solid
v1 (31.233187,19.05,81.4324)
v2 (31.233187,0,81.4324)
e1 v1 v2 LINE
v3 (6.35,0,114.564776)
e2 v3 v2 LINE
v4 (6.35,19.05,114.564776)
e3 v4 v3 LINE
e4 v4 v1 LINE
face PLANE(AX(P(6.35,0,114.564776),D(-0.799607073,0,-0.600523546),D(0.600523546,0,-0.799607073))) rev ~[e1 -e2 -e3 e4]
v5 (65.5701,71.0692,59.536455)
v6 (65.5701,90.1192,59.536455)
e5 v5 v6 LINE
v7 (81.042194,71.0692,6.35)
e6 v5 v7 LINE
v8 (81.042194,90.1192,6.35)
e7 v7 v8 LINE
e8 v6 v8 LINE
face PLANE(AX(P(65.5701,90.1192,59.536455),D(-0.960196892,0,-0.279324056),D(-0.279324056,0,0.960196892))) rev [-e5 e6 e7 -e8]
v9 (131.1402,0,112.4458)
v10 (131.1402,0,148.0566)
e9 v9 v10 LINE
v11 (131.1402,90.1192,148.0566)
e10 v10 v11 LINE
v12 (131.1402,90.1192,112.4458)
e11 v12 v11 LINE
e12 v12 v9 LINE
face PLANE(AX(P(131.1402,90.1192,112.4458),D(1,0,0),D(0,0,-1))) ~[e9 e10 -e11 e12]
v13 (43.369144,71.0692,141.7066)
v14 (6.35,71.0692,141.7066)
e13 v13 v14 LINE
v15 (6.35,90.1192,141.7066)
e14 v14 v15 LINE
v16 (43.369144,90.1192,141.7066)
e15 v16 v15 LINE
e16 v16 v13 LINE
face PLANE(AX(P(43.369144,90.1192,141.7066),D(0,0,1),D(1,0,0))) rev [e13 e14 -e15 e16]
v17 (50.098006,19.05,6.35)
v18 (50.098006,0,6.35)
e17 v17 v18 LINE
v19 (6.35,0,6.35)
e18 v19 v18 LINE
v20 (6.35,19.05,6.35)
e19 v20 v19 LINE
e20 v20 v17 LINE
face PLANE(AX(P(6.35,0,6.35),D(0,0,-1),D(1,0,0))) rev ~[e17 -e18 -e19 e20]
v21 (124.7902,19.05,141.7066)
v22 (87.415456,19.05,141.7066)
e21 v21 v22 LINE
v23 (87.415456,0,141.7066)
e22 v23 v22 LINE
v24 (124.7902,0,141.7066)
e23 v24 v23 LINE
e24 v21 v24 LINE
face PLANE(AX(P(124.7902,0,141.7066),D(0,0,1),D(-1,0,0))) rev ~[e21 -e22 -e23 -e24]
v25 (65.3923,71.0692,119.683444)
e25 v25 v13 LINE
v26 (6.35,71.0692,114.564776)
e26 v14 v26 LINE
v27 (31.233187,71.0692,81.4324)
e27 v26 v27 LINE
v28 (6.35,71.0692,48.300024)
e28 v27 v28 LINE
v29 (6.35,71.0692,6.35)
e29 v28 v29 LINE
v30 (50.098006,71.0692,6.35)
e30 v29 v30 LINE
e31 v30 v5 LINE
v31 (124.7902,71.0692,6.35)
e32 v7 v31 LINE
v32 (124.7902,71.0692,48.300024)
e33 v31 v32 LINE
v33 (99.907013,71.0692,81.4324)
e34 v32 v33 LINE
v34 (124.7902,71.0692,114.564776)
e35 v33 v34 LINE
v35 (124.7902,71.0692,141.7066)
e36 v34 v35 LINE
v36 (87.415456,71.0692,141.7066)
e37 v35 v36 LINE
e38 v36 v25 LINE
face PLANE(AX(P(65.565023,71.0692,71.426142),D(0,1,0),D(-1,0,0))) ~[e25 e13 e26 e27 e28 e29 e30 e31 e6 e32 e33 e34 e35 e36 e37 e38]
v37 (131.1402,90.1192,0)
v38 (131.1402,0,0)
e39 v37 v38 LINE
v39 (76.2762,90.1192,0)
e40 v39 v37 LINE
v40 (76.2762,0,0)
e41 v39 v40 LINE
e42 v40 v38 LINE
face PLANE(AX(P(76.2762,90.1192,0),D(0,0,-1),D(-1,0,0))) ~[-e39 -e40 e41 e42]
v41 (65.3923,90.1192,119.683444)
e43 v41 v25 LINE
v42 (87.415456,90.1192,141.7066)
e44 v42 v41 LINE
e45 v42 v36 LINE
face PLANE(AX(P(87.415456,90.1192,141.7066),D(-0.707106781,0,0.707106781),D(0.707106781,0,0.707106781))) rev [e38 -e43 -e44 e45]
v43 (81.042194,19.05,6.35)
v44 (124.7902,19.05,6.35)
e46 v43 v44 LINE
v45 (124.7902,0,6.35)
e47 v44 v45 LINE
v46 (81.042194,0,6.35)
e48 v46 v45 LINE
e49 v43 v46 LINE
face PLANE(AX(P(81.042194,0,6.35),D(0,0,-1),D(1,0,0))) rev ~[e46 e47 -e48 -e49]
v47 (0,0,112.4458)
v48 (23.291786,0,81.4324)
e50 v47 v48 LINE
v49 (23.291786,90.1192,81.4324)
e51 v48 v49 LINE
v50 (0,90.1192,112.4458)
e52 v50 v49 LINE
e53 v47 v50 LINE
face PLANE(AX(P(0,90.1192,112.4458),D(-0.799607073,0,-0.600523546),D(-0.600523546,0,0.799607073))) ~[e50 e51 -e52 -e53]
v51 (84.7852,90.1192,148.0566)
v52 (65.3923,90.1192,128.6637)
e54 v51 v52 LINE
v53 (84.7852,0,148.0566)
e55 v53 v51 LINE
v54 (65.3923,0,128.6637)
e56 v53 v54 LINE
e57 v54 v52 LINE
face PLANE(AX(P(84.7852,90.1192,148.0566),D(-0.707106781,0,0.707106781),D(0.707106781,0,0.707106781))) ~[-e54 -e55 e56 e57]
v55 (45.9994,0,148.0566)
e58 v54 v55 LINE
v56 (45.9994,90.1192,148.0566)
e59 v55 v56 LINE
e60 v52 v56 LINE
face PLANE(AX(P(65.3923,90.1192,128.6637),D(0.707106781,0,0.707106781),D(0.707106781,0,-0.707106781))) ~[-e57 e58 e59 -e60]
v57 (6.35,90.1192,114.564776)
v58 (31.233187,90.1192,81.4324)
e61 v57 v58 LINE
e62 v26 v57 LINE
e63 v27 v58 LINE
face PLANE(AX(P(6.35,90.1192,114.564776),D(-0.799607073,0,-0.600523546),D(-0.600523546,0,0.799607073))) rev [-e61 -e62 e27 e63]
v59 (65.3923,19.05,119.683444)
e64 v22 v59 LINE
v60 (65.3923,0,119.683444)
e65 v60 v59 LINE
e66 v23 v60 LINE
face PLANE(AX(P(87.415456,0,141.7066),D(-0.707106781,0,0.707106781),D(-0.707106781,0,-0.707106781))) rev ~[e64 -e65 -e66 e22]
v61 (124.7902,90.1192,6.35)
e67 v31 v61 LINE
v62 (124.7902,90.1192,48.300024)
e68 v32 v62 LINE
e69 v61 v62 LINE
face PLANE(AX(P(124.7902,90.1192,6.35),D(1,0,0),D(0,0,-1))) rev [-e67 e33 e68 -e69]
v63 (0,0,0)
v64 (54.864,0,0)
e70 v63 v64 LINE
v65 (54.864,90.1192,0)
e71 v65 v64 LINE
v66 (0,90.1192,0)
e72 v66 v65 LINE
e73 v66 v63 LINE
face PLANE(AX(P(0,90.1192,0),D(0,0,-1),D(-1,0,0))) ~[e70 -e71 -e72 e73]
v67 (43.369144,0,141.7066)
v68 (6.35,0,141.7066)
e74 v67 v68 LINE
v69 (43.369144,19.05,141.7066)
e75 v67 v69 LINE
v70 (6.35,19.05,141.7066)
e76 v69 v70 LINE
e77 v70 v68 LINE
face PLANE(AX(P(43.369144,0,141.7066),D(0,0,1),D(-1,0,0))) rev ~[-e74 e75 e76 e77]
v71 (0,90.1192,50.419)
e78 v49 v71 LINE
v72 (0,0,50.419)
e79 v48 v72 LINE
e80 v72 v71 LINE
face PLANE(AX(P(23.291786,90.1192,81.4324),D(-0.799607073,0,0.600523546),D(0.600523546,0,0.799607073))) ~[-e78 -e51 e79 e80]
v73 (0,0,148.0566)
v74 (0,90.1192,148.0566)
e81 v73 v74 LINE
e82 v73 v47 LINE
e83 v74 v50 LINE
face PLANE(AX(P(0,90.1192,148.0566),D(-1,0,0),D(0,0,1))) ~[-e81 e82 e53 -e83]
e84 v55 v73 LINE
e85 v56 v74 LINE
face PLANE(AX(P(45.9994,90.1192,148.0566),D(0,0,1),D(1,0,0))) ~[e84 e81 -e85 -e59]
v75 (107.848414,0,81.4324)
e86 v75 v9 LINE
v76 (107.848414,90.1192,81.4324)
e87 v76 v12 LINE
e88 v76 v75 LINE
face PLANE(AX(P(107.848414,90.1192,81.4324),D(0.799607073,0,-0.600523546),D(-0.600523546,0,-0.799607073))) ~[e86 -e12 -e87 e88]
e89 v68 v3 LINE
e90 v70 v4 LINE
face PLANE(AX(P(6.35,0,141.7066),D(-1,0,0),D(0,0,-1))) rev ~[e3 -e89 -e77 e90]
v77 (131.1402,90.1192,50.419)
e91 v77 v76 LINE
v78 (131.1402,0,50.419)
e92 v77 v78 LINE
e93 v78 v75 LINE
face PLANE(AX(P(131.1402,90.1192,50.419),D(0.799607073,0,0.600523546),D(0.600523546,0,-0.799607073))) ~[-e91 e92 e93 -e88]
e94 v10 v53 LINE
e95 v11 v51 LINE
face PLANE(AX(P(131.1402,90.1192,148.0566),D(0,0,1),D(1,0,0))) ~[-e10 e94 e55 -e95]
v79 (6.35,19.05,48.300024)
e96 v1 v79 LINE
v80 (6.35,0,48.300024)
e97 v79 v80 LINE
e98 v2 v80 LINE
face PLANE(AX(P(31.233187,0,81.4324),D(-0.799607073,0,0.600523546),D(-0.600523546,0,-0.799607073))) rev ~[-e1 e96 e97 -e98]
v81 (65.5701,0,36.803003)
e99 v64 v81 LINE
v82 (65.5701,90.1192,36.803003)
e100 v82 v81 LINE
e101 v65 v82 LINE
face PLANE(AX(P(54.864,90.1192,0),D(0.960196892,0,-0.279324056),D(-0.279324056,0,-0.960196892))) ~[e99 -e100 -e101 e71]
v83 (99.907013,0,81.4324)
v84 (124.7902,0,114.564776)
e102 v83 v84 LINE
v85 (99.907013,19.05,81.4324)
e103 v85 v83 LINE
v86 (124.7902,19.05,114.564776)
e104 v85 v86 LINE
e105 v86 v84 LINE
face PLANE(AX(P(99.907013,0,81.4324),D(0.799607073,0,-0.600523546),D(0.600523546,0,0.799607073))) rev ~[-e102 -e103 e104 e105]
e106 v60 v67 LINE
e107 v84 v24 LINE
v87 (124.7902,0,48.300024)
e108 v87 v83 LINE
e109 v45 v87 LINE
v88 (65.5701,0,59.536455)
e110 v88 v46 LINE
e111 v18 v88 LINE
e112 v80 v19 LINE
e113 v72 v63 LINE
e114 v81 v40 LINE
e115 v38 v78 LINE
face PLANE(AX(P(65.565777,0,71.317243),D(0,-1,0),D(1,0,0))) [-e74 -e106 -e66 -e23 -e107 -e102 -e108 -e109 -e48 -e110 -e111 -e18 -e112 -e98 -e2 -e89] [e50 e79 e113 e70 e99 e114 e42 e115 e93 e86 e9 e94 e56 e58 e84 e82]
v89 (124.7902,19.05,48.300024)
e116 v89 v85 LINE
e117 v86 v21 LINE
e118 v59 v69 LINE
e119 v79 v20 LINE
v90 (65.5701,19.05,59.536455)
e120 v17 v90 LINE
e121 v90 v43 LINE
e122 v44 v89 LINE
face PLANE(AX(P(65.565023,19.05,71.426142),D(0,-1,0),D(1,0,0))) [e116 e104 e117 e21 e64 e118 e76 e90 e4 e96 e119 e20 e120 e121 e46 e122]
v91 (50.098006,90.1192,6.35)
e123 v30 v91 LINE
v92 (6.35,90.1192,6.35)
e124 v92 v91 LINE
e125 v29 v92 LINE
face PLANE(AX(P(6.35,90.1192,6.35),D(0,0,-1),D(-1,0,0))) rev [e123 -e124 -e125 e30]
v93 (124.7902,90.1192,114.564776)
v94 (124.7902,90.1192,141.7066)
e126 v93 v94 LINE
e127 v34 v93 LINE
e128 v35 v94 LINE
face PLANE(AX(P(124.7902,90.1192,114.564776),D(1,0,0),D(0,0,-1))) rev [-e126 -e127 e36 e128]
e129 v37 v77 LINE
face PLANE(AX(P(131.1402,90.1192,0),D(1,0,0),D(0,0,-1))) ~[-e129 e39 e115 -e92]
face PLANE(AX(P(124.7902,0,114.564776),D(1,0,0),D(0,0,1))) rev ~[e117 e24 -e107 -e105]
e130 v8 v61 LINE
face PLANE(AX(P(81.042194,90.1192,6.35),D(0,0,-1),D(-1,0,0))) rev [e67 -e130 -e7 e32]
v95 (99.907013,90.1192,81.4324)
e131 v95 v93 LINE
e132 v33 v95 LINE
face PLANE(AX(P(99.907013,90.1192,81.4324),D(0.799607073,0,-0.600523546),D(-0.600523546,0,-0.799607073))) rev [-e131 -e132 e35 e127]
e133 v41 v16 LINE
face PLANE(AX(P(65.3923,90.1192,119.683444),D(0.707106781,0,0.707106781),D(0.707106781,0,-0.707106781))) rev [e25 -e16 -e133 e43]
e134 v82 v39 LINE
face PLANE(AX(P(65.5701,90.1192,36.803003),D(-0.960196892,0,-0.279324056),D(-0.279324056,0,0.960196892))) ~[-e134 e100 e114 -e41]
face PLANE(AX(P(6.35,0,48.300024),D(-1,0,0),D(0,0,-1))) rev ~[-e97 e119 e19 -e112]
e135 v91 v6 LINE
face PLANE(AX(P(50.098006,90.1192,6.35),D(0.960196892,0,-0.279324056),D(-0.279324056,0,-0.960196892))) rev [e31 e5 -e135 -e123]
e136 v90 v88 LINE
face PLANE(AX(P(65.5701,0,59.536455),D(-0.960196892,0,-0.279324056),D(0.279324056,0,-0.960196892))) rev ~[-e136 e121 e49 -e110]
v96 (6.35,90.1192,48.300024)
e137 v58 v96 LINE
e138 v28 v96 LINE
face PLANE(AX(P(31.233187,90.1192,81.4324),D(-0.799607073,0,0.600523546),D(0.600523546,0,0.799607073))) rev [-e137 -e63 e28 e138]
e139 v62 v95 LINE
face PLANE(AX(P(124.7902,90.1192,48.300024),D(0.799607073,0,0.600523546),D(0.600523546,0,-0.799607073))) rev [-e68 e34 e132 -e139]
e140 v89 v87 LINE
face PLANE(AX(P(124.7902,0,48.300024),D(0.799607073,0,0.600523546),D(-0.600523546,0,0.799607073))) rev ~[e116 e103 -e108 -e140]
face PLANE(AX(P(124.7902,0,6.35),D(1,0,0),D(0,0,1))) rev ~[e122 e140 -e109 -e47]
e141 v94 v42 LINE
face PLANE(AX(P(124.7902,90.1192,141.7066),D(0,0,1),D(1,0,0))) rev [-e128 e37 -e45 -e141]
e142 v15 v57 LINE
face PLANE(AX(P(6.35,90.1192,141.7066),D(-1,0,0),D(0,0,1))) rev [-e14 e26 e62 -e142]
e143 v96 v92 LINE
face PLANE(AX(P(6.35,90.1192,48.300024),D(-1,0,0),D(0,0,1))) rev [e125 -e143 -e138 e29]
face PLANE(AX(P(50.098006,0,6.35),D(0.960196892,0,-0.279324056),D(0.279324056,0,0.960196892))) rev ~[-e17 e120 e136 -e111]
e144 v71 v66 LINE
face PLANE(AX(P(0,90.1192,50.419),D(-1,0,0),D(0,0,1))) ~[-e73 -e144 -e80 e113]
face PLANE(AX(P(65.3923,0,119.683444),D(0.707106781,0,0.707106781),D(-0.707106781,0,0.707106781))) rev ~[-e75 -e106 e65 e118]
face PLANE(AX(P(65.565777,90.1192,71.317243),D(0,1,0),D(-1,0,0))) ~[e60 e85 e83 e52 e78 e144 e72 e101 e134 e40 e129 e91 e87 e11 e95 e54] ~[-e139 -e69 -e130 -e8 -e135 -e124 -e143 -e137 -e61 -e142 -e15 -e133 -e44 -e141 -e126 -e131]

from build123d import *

# Parameters (mm, degrees)
F1_DEPTH = 45.0596
F2_DEPTH = 19.05


with BuildPart() as f1:
    # F0 (on Front) → F1 (new body)
    with BuildSketch(Plane.XZ):
        Polygon((0, 50.419), (0, 0), (54.864, 0), (65.5701, 36.8030026051), (76.2762, 0), (131.1402, 0), (131.1402, 50.419), (107.8484138495, 81.4324), (131.1402, 112.4458), (131.1402, 148.0566), (84.7852, 148.0566), (65.3923, 128.6637), (45.9994, 148.0566), (0, 148.0566), (0, 112.4458), (23.2917861505, 81.4324), align=None)
        Polygon((6.35, 114.5647761782), (6.35, 141.7066), (43.3691438789, 141.7066), (65.3923, 119.6834438789), (87.4154561211, 141.7066), (124.7902, 141.7066), (124.7902, 114.5647761782), (99.9070133581, 81.4324), (124.7902, 48.3000238218), (124.7902, 6.35), (81.0421936034, 6.35), (65.5701, 59.5364545624), (50.0980063966, 6.35), (6.35, 6.35), (6.35, 48.3000238218), (31.2331866419, 81.4324), align=None, mode=Mode.SUBTRACT)
        Polygon((43.3691438789, 141.7066), (6.35, 141.7066), (6.35, 114.5647761782), (31.2331866419, 81.4324), (6.35, 48.3000238218), (6.35, 6.35), (50.0980063966, 6.35), (65.5701, 59.5364545624), (81.0421936034, 6.35), (124.7902, 6.35), (124.7902, 48.3000238218), (99.9070133581, 81.4324), (124.7902, 114.5647761782), (124.7902, 141.7066), (87.4154561211, 141.7066), (65.3923, 119.6834438789), align=None)
    extrude(amount=-F1_DEPTH)

    # F0 (on Front) → F2 (cut, symmetric)
    with BuildSketch(Plane.XZ):
        Polygon((43.3691438789, 141.7066), (6.35, 141.7066), (6.35, 114.5647761782), (31.2331866419, 81.4324), (6.35, 48.3000238218), (6.35, 6.35), (50.0980063966, 6.35), (65.5701, 59.5364545624), (81.0421936034, 6.35), (124.7902, 6.35), (124.7902, 48.3000238218), (99.9070133581, 81.4324), (124.7902, 114.5647761782), (124.7902, 141.7066), (87.4154561211, 141.7066), (65.3923, 119.6834438789), align=None)
    extrude(amount=F2_DEPTH, both=True, mode=Mode.SUBTRACT)

    # F3: F1 across face


with BuildPart() as f1_1:
    add(f1.part)
    add(f1.part.mirror(Plane(origin=(65.5739873585, 45.0596, 73.343942561), x_dir=(1, 0, 0), z_dir=(0, 1, 0))))


solid = f1_1.part
